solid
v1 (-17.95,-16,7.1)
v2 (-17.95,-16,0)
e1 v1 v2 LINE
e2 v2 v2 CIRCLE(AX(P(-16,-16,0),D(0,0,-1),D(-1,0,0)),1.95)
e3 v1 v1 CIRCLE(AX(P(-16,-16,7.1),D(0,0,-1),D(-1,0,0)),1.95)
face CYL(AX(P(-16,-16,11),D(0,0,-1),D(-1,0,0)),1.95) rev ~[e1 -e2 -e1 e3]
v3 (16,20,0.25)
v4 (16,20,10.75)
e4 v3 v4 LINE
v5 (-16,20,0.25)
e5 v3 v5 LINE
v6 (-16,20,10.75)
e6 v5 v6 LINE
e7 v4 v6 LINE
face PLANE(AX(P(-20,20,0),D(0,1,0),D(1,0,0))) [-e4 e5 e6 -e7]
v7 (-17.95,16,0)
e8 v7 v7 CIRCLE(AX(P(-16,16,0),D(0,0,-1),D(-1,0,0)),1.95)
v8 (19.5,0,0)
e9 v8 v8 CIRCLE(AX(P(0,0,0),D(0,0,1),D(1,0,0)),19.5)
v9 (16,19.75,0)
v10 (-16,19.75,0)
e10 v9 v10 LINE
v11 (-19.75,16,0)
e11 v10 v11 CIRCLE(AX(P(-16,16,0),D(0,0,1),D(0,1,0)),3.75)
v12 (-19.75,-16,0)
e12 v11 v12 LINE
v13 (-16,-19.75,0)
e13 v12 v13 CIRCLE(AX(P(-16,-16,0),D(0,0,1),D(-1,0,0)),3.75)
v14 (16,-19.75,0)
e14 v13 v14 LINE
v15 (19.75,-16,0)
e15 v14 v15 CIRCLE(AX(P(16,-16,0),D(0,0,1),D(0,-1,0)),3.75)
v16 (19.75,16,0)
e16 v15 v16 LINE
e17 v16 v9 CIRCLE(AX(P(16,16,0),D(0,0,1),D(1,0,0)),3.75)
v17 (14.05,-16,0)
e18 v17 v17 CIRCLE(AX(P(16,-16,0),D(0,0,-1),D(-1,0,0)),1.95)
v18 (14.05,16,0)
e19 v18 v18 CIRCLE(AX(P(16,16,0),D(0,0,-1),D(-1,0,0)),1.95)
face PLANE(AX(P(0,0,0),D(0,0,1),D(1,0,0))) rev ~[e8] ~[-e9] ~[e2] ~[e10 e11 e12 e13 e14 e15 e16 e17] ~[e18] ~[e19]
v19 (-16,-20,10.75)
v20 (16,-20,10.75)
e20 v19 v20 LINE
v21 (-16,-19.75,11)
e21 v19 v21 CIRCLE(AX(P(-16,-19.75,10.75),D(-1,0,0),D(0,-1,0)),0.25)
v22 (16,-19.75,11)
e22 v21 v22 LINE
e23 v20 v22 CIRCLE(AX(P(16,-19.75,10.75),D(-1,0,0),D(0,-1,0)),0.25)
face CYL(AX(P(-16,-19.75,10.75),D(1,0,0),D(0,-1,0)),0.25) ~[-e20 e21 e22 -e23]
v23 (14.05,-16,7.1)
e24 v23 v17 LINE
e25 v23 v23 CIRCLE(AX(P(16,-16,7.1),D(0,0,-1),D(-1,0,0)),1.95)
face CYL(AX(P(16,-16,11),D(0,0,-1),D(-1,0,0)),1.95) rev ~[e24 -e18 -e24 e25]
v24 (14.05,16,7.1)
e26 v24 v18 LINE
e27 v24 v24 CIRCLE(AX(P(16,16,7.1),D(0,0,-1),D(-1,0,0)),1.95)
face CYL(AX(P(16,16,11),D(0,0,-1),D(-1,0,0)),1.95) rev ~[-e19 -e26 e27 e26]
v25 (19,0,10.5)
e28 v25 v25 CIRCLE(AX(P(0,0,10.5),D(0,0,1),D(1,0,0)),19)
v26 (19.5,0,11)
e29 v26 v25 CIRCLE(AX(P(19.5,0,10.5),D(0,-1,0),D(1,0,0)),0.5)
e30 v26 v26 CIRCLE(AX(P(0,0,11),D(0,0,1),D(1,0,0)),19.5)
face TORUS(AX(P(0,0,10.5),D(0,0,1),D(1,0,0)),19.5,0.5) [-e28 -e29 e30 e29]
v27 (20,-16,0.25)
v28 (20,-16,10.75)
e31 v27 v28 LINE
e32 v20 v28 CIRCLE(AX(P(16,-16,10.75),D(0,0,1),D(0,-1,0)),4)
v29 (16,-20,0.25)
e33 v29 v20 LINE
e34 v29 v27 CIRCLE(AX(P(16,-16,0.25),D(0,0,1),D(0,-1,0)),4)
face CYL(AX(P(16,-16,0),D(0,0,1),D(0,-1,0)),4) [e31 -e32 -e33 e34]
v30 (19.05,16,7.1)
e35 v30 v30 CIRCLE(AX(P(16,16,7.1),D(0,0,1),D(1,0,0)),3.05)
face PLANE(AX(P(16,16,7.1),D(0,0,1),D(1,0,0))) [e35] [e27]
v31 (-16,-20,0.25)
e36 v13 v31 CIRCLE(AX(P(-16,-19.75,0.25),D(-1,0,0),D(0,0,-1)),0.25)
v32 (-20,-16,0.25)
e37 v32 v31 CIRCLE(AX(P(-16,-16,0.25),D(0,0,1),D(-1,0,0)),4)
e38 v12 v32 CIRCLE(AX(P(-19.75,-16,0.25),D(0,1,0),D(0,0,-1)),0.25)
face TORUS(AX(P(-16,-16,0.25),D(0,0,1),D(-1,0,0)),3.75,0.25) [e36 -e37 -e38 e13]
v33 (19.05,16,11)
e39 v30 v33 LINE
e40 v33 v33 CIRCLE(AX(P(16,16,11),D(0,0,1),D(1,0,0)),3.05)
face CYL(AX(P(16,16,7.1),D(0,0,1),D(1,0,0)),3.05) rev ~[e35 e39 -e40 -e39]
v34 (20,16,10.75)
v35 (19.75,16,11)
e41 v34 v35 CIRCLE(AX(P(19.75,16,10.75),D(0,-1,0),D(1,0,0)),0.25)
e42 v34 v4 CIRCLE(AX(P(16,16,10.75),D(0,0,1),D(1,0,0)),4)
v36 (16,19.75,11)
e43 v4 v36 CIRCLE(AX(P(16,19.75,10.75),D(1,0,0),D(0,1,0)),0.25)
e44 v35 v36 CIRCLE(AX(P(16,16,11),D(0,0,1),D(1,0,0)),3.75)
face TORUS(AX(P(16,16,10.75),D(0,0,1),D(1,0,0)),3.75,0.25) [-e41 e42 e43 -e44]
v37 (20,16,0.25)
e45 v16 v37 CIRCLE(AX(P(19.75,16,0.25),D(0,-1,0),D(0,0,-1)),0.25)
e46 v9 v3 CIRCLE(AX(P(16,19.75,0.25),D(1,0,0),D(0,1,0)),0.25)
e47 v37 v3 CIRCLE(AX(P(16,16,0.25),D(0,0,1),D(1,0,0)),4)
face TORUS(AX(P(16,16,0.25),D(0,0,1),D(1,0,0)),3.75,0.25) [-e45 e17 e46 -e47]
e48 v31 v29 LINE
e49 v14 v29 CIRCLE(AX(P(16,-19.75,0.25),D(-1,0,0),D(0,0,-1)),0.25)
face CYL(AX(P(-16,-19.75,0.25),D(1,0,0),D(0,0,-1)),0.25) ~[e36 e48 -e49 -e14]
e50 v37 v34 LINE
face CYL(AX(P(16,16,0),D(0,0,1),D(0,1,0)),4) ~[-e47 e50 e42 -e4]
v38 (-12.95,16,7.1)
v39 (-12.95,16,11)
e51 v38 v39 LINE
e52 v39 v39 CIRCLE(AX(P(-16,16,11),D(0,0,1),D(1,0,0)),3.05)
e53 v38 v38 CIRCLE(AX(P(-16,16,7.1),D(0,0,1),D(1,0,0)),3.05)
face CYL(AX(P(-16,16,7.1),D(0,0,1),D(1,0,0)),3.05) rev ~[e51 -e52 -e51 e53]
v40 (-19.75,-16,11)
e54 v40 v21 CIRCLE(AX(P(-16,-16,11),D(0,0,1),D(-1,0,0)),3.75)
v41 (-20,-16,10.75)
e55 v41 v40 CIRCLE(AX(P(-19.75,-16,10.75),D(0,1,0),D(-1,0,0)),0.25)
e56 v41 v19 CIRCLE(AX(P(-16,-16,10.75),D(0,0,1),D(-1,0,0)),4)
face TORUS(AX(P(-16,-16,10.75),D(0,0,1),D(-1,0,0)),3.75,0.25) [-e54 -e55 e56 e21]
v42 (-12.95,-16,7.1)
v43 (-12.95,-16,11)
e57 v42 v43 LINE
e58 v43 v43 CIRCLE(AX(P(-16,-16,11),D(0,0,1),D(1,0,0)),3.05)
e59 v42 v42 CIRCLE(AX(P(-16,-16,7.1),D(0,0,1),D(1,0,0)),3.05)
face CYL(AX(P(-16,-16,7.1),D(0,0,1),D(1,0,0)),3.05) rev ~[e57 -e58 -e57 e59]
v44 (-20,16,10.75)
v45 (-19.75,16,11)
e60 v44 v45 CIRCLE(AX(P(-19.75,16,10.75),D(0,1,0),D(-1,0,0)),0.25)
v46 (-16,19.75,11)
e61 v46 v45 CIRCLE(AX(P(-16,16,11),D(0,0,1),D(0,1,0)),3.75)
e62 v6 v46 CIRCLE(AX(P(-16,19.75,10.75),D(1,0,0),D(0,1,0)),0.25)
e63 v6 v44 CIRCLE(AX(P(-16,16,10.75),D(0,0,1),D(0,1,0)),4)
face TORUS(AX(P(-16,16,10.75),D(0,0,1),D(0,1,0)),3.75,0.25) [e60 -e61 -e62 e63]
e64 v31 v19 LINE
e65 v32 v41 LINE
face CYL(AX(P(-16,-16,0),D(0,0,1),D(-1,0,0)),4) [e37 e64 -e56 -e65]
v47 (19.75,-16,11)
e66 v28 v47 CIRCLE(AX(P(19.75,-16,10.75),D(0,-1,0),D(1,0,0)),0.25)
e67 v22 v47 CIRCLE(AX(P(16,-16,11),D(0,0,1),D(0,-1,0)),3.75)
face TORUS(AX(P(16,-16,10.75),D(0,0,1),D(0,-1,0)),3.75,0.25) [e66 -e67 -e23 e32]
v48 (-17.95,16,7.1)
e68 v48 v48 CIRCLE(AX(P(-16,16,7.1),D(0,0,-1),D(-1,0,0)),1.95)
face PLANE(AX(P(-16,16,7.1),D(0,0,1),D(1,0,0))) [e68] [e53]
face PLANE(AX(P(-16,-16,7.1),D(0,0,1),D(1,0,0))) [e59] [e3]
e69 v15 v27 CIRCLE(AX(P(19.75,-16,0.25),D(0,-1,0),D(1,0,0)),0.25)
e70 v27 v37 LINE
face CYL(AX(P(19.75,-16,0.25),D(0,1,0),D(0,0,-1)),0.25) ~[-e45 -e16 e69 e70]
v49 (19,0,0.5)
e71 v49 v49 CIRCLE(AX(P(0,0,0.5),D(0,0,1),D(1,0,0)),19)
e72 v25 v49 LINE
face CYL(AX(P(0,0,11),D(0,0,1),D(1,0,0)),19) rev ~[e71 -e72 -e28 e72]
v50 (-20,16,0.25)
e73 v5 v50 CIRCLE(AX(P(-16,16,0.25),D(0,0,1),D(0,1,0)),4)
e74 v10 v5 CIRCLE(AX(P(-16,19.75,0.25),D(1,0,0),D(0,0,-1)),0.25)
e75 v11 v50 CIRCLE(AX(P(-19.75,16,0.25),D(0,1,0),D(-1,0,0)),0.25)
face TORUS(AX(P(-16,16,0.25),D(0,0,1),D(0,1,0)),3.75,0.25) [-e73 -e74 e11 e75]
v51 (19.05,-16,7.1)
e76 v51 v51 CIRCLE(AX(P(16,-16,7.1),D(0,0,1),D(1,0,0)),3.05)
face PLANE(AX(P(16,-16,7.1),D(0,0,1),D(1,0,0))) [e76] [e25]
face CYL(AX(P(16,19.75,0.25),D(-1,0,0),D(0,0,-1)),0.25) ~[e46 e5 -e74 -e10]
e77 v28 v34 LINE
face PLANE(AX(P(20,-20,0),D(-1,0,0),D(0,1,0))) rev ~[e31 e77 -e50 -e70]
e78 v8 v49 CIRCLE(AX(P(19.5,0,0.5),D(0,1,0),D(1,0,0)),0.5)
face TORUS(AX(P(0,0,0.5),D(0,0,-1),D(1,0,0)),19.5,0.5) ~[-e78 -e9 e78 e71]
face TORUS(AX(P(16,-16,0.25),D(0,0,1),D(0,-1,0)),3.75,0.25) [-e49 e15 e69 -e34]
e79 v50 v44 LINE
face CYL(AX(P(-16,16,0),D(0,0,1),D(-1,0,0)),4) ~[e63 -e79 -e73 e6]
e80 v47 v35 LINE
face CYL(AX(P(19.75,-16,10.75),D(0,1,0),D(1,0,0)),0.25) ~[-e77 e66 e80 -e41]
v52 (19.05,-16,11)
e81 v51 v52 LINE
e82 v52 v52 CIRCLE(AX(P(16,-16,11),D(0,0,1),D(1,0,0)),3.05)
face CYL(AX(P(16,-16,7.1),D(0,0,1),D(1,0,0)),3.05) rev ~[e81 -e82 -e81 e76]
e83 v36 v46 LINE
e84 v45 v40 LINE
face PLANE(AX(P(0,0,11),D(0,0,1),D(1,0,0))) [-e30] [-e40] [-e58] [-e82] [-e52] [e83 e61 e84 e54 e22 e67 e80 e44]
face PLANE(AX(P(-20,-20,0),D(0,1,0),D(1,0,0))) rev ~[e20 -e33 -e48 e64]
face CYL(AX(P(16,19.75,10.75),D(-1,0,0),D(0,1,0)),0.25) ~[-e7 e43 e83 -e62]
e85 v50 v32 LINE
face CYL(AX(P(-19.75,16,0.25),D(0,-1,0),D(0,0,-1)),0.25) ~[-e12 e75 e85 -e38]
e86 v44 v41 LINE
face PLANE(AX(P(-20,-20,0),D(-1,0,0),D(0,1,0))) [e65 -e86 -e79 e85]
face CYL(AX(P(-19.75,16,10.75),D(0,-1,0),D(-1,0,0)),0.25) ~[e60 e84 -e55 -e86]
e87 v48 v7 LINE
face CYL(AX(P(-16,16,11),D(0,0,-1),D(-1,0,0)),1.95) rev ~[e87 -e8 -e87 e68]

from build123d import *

# Parameters (mm, degrees)
SKETCH038_W         = 40
SKETCH038_H         = 40
PAD011_DEPTH        = 11
SKETCH039_R         = 19
POCKET010_DEPTH     = 11.001
HOLE002_D           = 3.9
HOLE002_DEPTH       = 25
HOLE002_CBORE_D     = 6.1
HOLE002_CBORE_DEPTH = 3.9
FILLET012_R         = 4
FILLET014_R         = 0.5
FILLET015_R         = 0.25


with BuildPart() as part:
    # Sketch038 → Pad011 (new body)
    with BuildSketch(Plane.XY):
        Rectangle(SKETCH038_W, SKETCH038_H)
    extrude(amount=PAD011_DEPTH)

    # Sketch039 (on Face6 of Pad011) → Pocket010 (cut, through all)
    with BuildSketch(Plane.XY.offset(11)):
        Circle(SKETCH039_R)
    extrude(amount=-POCKET010_DEPTH, mode=Mode.SUBTRACT)

    # Hole002
    with Locations(Plane.XY.offset(11)):
        with Locations((16, 16), (16, -16), (-16, 16), (-16, -16)):
            CounterBoreHole(HOLE002_D / 2, HOLE002_CBORE_D / 2, HOLE002_CBORE_DEPTH, depth=HOLE002_DEPTH)

    # Fillet012
    fillet012_edges = [part.edges().sort_by_distance(p)[0] for p in [
        (20, 20, 5.5),
        (-20, 20, 5.5),
        (-20, -20, 5.5),
        (20, -20, 5.5),
    ]]
    fillet(fillet012_edges, radius=FILLET012_R)

    # Fillet014
    fillet014_edges = [part.edges().sort_by_distance(p)[0] for p in [
        (-19, 0, 11),
        (19, 0, 5.5),
        (-19, 0, 0),
    ]]
    fillet(fillet014_edges, radius=FILLET014_R)

    # Fillet015
    fillet015_edges = [part.edges().sort_by_distance(p)[0] for p in [
        (0, -20, 0),
        (16, -20, 5.5),
        (-16, -20, 5.5),
        (0, -20, 11),
        (20, 0, 0),
        (20, 16, 5.5),
        (20, -16, 5.5),
        (20, 0, 11),
        (0, 20, 0),
        (-16, 20, 5.5),
        (16, 20, 5.5),
        (0, 20, 11),
        (-20, 0, 0),
        (-20, -16, 5.5),
        (-20, 16, 5.5),
        (-20, 0, 11),
    ]]
    fillet(fillet015_edges, radius=FILLET015_R)


solid = part.part
